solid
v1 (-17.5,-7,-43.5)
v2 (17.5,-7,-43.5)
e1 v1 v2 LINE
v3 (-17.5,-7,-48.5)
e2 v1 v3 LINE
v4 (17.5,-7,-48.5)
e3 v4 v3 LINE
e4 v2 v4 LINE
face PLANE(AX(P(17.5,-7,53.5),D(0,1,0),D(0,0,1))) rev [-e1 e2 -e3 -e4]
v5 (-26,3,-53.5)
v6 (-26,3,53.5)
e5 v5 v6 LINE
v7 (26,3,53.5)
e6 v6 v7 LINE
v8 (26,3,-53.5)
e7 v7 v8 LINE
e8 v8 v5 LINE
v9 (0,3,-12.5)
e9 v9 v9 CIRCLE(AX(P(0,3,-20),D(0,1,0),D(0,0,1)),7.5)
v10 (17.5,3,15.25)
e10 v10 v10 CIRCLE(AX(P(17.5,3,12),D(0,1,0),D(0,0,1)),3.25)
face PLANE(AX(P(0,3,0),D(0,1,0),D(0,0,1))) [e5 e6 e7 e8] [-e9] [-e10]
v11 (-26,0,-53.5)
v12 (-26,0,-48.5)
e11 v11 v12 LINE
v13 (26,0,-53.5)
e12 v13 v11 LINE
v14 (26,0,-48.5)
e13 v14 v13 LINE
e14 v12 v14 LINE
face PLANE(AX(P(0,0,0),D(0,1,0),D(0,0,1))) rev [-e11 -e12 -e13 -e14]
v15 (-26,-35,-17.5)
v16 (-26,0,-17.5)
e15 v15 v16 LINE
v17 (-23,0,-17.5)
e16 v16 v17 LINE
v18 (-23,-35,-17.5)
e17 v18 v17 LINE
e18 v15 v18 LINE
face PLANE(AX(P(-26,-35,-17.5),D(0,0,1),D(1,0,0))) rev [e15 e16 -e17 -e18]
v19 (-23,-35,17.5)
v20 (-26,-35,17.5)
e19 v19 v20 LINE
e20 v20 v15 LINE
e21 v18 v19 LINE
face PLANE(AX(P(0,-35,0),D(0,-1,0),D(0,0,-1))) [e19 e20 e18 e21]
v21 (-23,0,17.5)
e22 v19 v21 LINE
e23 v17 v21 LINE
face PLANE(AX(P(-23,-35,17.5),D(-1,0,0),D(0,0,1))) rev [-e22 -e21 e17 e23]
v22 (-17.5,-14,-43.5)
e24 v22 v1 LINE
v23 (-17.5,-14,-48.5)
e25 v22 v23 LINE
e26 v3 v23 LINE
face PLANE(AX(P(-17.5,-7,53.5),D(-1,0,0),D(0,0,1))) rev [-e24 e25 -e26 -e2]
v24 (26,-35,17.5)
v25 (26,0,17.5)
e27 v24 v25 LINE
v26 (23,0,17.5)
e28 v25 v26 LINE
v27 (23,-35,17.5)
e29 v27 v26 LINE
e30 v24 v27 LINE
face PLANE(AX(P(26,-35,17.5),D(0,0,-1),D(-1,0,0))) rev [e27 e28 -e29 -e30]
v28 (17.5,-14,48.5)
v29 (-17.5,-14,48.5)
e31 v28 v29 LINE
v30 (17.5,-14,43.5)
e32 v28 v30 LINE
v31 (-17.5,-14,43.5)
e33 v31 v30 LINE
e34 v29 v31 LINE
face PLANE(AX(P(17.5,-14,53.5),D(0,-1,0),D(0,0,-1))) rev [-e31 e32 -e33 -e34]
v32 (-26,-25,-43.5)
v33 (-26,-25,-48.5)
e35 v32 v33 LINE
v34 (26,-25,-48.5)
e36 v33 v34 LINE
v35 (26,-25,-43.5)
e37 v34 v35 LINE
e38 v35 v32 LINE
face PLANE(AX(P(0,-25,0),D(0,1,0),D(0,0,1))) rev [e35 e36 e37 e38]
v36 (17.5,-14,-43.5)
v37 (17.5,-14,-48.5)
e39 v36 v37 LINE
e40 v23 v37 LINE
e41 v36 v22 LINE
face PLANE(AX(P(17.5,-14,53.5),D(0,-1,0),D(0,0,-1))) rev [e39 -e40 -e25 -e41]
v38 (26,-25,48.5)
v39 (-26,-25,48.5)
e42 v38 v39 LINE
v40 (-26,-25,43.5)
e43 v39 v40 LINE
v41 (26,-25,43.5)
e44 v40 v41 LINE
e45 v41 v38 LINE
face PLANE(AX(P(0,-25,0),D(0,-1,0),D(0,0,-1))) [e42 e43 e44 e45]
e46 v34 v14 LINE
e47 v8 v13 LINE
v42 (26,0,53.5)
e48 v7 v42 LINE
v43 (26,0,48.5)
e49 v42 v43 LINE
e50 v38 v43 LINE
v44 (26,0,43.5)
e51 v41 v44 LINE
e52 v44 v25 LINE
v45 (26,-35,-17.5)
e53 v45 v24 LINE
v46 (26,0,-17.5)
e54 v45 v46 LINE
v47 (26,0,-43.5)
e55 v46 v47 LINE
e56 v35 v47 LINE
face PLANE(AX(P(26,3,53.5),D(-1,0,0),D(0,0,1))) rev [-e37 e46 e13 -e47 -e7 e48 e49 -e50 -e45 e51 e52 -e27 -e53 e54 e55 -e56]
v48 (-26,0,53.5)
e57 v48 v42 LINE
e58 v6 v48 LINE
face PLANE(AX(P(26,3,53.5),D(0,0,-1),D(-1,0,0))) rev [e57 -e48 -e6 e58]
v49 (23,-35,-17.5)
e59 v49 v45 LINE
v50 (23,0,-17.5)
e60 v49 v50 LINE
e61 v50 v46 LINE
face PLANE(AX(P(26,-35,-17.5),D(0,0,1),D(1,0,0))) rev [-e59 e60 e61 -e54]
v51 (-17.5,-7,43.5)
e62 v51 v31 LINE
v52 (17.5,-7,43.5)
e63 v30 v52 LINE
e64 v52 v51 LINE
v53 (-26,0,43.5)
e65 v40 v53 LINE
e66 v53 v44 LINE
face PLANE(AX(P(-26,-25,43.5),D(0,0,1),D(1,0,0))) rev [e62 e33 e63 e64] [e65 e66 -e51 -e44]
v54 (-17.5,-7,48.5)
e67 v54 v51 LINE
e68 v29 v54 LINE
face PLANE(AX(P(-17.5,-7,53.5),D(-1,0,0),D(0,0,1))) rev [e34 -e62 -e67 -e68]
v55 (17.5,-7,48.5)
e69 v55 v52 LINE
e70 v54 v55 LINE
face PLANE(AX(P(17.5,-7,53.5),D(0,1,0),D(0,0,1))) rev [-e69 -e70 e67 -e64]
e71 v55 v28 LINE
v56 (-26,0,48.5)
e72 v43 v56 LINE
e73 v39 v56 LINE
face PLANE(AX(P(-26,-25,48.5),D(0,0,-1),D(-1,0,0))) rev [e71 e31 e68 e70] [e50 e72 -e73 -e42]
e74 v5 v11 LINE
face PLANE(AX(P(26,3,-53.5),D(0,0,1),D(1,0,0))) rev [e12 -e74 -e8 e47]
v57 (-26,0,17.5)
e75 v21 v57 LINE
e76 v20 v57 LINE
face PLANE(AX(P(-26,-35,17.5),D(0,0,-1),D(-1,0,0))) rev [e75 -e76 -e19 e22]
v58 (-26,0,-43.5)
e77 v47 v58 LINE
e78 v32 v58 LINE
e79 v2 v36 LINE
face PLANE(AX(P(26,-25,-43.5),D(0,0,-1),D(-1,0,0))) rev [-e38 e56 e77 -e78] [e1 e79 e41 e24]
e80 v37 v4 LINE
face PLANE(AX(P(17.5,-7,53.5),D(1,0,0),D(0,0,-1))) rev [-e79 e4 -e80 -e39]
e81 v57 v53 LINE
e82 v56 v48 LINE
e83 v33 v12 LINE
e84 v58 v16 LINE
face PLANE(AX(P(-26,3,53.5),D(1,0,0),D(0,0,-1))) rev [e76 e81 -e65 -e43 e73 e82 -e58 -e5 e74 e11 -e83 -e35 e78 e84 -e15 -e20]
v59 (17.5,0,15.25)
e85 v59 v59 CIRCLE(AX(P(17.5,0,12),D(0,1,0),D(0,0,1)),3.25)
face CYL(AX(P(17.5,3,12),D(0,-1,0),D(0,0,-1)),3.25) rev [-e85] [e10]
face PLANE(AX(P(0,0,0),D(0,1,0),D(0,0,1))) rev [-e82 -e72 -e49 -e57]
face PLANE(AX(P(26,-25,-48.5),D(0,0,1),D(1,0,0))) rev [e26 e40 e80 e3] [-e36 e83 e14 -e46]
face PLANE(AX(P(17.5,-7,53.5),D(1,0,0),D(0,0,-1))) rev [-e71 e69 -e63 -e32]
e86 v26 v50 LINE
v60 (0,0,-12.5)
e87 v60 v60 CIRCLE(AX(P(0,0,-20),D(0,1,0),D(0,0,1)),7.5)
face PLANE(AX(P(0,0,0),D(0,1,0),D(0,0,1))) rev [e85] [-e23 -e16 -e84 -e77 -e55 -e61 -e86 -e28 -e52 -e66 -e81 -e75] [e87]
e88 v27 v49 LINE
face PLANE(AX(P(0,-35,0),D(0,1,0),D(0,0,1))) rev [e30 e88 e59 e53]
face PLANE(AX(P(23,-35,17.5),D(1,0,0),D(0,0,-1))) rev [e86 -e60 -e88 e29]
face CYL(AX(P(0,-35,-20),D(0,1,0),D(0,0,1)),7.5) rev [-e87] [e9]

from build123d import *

# Parameters (mm, degrees)
SKETCH1_W               = 52
SKETCH1_H               = 107
SKETCH1_R               = 3.25
BOSS_EXTRUDE1_DEPTH     = 3
SKETCH2_W               = 3
SKETCH2_H               = 35
BOSS_EXTRUDE2_DEPTH     = 35
SKETCH3_W               = 52
SKETCH3_H               = 5
BOSS_EXTRUDE3_DEPTH     = 25
SKETCH4_R               = 7.5
CUT_EXTRUDE1_DEPTH      = 71.585055075
CUT_EXTRUDE2_DEPTH      = 111.927904515
CUT_EXTRUDE2_DEPTH_BACK = 111.927904515
SKETCH5_W               = 35
SKETCH5_H               = 7


with BuildPart() as part:
    # Sketch1 → Boss-Extrude1 (new body)
    with BuildSketch(Plane(origin=(0, 0, 0), x_dir=(1, 0, 0), z_dir=(0, 1, 0))):
        Rectangle(SKETCH1_W, SKETCH1_H)
        with Locations(Location((17.5, -12, 0), (0, 0, 270))):
            Circle(SKETCH1_R, mode=Mode.SUBTRACT)
    extrude(amount=BOSS_EXTRUDE1_DEPTH)

    # Sketch2 → Boss-Extrude2 (add)
    with BuildSketch(Plane.XZ):
        with Locations((-24.5, 0)):
            Rectangle(SKETCH2_W, SKETCH2_H)
        with Locations((24.5, 0)):
            Rectangle(SKETCH2_W, SKETCH2_H)
    extrude(amount=BOSS_EXTRUDE2_DEPTH)

    # Sketch3 → Boss-Extrude3 (add)
    with BuildSketch(Plane.XZ):
        with Locations((0, 46)):
            Rectangle(SKETCH3_W, SKETCH3_H)
        with Locations((0, -46)):
            Rectangle(SKETCH3_W, SKETCH3_H)
    extrude(amount=BOSS_EXTRUDE3_DEPTH)

    # Sketch4 → Cut-Extrude1 (cut, through all)
    with BuildSketch(Plane(origin=(0, 3, 0), x_dir=(1, 0, 0), z_dir=(0, 1, 0))):
        with Locations(Location((0, 20, 0), (0, 0, 270))):
            Circle(SKETCH4_R)
    extrude(amount=-CUT_EXTRUDE1_DEPTH, mode=Mode.SUBTRACT)

    # Sketch5 → Cut-Extrude2 (cut, two sides: drawn at the far end of the back side and taken through both)
    with BuildSketch(Plane(origin=(0, 0, -48.5), x_dir=(-1, 0, 0), z_dir=(0, 0, -1)).offset(-CUT_EXTRUDE2_DEPTH_BACK)):
        with Locations((0, -10.5)):
            Rectangle(SKETCH5_W, SKETCH5_H)
    extrude(amount=CUT_EXTRUDE2_DEPTH + CUT_EXTRUDE2_DEPTH_BACK, mode=Mode.SUBTRACT)


solid = part.part
